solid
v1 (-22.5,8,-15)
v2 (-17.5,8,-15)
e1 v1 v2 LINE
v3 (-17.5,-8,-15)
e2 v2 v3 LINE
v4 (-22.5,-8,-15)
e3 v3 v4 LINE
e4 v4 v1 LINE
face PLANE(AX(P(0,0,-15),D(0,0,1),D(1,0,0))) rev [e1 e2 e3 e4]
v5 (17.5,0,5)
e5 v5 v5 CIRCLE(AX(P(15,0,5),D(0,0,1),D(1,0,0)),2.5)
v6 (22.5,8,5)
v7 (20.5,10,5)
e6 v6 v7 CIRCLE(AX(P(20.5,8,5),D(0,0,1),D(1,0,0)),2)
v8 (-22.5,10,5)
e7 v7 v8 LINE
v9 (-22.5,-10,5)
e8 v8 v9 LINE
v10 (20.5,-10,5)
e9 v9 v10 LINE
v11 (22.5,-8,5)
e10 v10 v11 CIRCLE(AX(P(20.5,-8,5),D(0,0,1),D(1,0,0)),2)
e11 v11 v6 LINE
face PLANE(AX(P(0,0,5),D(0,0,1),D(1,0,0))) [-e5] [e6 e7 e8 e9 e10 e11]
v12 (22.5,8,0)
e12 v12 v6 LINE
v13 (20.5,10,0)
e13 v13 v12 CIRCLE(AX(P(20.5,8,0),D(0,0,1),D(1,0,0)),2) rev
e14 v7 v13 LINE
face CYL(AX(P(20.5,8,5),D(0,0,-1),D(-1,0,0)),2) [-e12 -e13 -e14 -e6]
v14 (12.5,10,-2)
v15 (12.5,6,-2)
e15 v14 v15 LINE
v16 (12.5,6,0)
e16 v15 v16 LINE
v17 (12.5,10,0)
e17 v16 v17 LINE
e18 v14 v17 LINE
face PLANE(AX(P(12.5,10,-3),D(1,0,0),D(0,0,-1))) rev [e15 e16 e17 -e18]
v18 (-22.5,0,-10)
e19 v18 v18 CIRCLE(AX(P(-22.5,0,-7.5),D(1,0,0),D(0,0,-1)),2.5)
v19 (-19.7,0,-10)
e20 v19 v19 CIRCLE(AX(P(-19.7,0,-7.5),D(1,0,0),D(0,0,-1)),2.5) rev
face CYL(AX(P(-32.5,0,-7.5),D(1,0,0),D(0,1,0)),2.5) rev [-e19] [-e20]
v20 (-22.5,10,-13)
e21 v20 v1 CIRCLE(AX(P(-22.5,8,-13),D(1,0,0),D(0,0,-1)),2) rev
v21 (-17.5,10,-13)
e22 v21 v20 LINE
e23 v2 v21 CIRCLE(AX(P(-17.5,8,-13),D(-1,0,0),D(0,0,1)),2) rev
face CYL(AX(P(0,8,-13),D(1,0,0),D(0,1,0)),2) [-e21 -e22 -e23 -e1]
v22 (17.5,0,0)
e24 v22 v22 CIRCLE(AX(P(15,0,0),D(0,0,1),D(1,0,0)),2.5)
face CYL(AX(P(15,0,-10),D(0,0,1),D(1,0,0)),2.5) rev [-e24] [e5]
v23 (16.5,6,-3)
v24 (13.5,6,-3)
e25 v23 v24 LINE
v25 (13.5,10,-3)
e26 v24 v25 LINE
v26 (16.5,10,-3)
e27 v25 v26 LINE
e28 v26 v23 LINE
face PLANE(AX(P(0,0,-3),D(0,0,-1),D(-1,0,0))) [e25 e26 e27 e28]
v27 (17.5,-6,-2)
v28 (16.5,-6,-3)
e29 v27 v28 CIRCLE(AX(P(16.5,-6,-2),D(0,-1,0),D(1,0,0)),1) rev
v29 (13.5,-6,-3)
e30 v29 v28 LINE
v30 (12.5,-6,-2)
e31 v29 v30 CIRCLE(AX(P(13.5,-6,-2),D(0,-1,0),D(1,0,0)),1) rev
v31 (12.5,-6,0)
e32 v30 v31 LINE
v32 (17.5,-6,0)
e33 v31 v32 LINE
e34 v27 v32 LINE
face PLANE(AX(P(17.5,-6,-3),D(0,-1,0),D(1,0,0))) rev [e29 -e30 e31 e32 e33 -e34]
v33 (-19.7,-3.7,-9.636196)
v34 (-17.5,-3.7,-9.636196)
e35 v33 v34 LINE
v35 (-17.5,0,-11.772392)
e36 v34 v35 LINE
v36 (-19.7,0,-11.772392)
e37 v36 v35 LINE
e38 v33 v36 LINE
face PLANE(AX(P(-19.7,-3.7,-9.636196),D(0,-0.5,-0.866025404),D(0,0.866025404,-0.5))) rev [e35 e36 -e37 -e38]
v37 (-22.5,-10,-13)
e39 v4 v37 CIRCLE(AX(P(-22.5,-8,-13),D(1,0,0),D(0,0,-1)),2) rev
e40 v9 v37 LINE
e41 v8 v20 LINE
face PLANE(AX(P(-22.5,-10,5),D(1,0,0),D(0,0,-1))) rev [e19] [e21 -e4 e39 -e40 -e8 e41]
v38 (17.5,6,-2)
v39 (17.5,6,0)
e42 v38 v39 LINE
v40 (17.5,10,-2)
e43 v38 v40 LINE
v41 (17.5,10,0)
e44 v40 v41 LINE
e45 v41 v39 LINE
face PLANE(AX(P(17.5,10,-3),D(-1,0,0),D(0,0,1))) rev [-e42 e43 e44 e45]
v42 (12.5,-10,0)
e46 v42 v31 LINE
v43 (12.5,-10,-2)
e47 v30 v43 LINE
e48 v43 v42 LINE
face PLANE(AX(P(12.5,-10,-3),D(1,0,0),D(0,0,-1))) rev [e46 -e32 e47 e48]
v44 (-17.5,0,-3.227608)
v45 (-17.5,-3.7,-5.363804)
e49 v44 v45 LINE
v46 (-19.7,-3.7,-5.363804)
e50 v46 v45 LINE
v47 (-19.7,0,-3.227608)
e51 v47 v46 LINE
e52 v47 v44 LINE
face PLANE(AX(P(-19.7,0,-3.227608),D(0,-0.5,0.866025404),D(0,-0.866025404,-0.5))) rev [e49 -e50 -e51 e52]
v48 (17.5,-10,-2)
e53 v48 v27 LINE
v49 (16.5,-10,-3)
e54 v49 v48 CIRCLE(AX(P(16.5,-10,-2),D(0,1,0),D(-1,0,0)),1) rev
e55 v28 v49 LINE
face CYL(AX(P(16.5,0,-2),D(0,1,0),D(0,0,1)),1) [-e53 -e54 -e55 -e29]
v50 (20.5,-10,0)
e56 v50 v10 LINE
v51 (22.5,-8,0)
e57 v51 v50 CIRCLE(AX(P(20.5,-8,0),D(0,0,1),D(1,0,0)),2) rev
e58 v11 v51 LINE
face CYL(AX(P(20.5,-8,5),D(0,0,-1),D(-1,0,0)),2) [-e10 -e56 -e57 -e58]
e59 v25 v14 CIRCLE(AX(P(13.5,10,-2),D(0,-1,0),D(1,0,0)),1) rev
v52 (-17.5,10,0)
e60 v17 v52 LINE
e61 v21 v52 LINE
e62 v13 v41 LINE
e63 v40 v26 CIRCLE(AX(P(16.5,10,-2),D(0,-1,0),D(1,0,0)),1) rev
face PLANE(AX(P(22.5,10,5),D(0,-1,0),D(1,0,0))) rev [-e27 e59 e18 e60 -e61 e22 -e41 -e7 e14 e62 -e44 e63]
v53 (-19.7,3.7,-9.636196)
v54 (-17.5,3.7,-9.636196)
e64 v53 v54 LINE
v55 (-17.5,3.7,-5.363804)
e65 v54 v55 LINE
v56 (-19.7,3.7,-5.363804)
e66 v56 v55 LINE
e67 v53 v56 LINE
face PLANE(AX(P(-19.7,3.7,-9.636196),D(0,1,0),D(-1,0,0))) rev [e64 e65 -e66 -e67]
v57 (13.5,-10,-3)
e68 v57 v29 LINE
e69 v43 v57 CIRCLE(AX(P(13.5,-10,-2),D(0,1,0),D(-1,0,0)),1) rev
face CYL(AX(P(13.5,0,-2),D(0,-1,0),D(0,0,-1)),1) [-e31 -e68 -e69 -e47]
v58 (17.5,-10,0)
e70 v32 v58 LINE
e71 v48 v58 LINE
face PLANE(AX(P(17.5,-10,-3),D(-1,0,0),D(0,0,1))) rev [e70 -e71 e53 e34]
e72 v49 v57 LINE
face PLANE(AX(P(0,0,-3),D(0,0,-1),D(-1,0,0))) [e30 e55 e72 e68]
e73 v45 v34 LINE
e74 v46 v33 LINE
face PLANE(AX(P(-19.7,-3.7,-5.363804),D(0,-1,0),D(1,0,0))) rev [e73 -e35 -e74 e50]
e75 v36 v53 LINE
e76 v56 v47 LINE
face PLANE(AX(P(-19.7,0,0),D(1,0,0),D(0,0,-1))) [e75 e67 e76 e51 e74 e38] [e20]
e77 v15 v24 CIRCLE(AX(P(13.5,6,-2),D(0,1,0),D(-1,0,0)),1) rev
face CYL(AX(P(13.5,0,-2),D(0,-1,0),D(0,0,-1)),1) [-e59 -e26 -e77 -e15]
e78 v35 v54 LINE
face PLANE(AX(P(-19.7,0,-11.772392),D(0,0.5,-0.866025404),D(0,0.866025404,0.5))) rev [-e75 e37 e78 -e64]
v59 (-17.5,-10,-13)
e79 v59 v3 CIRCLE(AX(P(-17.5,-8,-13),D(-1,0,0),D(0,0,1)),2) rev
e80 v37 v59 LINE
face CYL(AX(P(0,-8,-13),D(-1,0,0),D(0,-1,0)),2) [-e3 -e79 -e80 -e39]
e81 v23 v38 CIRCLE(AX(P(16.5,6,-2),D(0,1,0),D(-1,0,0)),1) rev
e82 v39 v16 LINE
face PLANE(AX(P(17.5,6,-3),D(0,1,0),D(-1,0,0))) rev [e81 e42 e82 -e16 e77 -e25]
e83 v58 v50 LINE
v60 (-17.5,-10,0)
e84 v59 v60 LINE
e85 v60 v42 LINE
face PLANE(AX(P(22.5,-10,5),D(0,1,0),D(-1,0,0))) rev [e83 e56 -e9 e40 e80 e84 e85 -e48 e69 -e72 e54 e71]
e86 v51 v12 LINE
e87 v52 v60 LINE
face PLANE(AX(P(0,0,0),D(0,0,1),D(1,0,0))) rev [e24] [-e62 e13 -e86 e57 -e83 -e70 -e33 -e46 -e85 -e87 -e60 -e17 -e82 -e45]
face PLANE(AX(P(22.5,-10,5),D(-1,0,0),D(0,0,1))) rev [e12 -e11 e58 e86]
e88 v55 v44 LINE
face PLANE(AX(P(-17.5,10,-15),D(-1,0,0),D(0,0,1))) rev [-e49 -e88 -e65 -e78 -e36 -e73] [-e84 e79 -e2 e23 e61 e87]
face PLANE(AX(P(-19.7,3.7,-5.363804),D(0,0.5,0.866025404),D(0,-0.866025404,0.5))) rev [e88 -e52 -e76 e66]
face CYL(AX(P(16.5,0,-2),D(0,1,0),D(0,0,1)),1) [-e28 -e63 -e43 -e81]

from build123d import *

# Parameters (mm, degrees)
SKETCH1_W           = 45
SKETCH1_H           = 20
BOSS_EXTRUDE1_DEPTH = 5
SKETCH2_W           = 5
SKETCH2_H           = 20
BOSS_EXTRUDE2_DEPTH = 15
SKETCH3_R           = 2.5
CUT_EXTRUDE1_DEPTH  = 15
SKETCH4_R           = 2.5
CUT_EXTRUDE2_DEPTH  = 15
SKETCH5_W           = 5
SKETCH5_H           = 4
BOSS_EXTRUDE3_DEPTH = 3
FILLET1_R           = 1
FILLET2_R           = 2
CUT_EXTRUDE3_DEPTH  = 2.2


with BuildPart() as part:
    # Sketch1 → Boss-Extrude1 (new body)
    with BuildSketch(Plane.XY):
        Rectangle(SKETCH1_W, SKETCH1_H)
    extrude(amount=BOSS_EXTRUDE1_DEPTH)

    # Sketch2 → Boss-Extrude2 (add)
    with BuildSketch(Plane(origin=(0, 0, 0), x_dir=(-1, 0, 0), z_dir=(0, 0, -1))):
        with Locations((20, 0)):
            Rectangle(SKETCH2_W, SKETCH2_H)
    extrude(amount=BOSS_EXTRUDE2_DEPTH)

    # Sketch3 → Cut-Extrude1 (cut)
    with BuildSketch(Plane(origin=(-17.5, 0, 0), x_dir=(0, 0, -1), z_dir=(1, 0, 0))):
        with Locations(Location((7.5, 0, 0), (0, 0, 90))):
            Circle(SKETCH3_R)
    extrude(amount=-CUT_EXTRUDE1_DEPTH, mode=Mode.SUBTRACT)

    # Sketch4 → Cut-Extrude2 (cut)
    with BuildSketch(Plane.XY.offset(5)):
        with Locations((15, 0)):
            Circle(SKETCH4_R)
    extrude(amount=-CUT_EXTRUDE2_DEPTH, mode=Mode.SUBTRACT)

    # Sketch5 → Boss-Extrude3 (add)
    with BuildSketch(Plane(origin=(0, 0, 0), x_dir=(-1, 0, 0), z_dir=(0, 0, -1))):
        with Locations((-15, 8)):
            Rectangle(SKETCH5_W, SKETCH5_H)
        with Locations((-15, -8)):
            Rectangle(SKETCH5_W, SKETCH5_H)
    extrude(amount=BOSS_EXTRUDE3_DEPTH)

    # Fillet1
    fillet1_edges = [part.edges().sort_by_distance(p)[0] for p in [
        (17.5, 8, -3),
        (12.5, 8, -3),
        (12.5, -8, -3),
        (17.5, -8, -3),
    ]]
    fillet(fillet1_edges, radius=FILLET1_R)

    # Fillet2
    fillet2_edges = [part.edges().sort_by_distance(p)[0] for p in [
        (-20, 10, -15),
        (-20, -10, -15),
        (22.5, 10, 2.5),
        (22.5, -10, 2.5),
    ]]
    fillet(fillet2_edges, radius=FILLET2_R)

    # Sketch6 → Cut-Extrude3 (cut)
    with BuildSketch(Plane(origin=(-17.5, 0, 0), x_dir=(0, 0, -1), z_dir=(1, 0, 0))):
        Polygon((3.227608008, 0), (5.363804004, -3.7), (9.636195996, -3.7), (11.772391992, 0), (9.636195996, 3.7), (5.363804004, 3.7), align=None)
    extrude(amount=-CUT_EXTRUDE3_DEPTH, mode=Mode.SUBTRACT)


solid = part.part
